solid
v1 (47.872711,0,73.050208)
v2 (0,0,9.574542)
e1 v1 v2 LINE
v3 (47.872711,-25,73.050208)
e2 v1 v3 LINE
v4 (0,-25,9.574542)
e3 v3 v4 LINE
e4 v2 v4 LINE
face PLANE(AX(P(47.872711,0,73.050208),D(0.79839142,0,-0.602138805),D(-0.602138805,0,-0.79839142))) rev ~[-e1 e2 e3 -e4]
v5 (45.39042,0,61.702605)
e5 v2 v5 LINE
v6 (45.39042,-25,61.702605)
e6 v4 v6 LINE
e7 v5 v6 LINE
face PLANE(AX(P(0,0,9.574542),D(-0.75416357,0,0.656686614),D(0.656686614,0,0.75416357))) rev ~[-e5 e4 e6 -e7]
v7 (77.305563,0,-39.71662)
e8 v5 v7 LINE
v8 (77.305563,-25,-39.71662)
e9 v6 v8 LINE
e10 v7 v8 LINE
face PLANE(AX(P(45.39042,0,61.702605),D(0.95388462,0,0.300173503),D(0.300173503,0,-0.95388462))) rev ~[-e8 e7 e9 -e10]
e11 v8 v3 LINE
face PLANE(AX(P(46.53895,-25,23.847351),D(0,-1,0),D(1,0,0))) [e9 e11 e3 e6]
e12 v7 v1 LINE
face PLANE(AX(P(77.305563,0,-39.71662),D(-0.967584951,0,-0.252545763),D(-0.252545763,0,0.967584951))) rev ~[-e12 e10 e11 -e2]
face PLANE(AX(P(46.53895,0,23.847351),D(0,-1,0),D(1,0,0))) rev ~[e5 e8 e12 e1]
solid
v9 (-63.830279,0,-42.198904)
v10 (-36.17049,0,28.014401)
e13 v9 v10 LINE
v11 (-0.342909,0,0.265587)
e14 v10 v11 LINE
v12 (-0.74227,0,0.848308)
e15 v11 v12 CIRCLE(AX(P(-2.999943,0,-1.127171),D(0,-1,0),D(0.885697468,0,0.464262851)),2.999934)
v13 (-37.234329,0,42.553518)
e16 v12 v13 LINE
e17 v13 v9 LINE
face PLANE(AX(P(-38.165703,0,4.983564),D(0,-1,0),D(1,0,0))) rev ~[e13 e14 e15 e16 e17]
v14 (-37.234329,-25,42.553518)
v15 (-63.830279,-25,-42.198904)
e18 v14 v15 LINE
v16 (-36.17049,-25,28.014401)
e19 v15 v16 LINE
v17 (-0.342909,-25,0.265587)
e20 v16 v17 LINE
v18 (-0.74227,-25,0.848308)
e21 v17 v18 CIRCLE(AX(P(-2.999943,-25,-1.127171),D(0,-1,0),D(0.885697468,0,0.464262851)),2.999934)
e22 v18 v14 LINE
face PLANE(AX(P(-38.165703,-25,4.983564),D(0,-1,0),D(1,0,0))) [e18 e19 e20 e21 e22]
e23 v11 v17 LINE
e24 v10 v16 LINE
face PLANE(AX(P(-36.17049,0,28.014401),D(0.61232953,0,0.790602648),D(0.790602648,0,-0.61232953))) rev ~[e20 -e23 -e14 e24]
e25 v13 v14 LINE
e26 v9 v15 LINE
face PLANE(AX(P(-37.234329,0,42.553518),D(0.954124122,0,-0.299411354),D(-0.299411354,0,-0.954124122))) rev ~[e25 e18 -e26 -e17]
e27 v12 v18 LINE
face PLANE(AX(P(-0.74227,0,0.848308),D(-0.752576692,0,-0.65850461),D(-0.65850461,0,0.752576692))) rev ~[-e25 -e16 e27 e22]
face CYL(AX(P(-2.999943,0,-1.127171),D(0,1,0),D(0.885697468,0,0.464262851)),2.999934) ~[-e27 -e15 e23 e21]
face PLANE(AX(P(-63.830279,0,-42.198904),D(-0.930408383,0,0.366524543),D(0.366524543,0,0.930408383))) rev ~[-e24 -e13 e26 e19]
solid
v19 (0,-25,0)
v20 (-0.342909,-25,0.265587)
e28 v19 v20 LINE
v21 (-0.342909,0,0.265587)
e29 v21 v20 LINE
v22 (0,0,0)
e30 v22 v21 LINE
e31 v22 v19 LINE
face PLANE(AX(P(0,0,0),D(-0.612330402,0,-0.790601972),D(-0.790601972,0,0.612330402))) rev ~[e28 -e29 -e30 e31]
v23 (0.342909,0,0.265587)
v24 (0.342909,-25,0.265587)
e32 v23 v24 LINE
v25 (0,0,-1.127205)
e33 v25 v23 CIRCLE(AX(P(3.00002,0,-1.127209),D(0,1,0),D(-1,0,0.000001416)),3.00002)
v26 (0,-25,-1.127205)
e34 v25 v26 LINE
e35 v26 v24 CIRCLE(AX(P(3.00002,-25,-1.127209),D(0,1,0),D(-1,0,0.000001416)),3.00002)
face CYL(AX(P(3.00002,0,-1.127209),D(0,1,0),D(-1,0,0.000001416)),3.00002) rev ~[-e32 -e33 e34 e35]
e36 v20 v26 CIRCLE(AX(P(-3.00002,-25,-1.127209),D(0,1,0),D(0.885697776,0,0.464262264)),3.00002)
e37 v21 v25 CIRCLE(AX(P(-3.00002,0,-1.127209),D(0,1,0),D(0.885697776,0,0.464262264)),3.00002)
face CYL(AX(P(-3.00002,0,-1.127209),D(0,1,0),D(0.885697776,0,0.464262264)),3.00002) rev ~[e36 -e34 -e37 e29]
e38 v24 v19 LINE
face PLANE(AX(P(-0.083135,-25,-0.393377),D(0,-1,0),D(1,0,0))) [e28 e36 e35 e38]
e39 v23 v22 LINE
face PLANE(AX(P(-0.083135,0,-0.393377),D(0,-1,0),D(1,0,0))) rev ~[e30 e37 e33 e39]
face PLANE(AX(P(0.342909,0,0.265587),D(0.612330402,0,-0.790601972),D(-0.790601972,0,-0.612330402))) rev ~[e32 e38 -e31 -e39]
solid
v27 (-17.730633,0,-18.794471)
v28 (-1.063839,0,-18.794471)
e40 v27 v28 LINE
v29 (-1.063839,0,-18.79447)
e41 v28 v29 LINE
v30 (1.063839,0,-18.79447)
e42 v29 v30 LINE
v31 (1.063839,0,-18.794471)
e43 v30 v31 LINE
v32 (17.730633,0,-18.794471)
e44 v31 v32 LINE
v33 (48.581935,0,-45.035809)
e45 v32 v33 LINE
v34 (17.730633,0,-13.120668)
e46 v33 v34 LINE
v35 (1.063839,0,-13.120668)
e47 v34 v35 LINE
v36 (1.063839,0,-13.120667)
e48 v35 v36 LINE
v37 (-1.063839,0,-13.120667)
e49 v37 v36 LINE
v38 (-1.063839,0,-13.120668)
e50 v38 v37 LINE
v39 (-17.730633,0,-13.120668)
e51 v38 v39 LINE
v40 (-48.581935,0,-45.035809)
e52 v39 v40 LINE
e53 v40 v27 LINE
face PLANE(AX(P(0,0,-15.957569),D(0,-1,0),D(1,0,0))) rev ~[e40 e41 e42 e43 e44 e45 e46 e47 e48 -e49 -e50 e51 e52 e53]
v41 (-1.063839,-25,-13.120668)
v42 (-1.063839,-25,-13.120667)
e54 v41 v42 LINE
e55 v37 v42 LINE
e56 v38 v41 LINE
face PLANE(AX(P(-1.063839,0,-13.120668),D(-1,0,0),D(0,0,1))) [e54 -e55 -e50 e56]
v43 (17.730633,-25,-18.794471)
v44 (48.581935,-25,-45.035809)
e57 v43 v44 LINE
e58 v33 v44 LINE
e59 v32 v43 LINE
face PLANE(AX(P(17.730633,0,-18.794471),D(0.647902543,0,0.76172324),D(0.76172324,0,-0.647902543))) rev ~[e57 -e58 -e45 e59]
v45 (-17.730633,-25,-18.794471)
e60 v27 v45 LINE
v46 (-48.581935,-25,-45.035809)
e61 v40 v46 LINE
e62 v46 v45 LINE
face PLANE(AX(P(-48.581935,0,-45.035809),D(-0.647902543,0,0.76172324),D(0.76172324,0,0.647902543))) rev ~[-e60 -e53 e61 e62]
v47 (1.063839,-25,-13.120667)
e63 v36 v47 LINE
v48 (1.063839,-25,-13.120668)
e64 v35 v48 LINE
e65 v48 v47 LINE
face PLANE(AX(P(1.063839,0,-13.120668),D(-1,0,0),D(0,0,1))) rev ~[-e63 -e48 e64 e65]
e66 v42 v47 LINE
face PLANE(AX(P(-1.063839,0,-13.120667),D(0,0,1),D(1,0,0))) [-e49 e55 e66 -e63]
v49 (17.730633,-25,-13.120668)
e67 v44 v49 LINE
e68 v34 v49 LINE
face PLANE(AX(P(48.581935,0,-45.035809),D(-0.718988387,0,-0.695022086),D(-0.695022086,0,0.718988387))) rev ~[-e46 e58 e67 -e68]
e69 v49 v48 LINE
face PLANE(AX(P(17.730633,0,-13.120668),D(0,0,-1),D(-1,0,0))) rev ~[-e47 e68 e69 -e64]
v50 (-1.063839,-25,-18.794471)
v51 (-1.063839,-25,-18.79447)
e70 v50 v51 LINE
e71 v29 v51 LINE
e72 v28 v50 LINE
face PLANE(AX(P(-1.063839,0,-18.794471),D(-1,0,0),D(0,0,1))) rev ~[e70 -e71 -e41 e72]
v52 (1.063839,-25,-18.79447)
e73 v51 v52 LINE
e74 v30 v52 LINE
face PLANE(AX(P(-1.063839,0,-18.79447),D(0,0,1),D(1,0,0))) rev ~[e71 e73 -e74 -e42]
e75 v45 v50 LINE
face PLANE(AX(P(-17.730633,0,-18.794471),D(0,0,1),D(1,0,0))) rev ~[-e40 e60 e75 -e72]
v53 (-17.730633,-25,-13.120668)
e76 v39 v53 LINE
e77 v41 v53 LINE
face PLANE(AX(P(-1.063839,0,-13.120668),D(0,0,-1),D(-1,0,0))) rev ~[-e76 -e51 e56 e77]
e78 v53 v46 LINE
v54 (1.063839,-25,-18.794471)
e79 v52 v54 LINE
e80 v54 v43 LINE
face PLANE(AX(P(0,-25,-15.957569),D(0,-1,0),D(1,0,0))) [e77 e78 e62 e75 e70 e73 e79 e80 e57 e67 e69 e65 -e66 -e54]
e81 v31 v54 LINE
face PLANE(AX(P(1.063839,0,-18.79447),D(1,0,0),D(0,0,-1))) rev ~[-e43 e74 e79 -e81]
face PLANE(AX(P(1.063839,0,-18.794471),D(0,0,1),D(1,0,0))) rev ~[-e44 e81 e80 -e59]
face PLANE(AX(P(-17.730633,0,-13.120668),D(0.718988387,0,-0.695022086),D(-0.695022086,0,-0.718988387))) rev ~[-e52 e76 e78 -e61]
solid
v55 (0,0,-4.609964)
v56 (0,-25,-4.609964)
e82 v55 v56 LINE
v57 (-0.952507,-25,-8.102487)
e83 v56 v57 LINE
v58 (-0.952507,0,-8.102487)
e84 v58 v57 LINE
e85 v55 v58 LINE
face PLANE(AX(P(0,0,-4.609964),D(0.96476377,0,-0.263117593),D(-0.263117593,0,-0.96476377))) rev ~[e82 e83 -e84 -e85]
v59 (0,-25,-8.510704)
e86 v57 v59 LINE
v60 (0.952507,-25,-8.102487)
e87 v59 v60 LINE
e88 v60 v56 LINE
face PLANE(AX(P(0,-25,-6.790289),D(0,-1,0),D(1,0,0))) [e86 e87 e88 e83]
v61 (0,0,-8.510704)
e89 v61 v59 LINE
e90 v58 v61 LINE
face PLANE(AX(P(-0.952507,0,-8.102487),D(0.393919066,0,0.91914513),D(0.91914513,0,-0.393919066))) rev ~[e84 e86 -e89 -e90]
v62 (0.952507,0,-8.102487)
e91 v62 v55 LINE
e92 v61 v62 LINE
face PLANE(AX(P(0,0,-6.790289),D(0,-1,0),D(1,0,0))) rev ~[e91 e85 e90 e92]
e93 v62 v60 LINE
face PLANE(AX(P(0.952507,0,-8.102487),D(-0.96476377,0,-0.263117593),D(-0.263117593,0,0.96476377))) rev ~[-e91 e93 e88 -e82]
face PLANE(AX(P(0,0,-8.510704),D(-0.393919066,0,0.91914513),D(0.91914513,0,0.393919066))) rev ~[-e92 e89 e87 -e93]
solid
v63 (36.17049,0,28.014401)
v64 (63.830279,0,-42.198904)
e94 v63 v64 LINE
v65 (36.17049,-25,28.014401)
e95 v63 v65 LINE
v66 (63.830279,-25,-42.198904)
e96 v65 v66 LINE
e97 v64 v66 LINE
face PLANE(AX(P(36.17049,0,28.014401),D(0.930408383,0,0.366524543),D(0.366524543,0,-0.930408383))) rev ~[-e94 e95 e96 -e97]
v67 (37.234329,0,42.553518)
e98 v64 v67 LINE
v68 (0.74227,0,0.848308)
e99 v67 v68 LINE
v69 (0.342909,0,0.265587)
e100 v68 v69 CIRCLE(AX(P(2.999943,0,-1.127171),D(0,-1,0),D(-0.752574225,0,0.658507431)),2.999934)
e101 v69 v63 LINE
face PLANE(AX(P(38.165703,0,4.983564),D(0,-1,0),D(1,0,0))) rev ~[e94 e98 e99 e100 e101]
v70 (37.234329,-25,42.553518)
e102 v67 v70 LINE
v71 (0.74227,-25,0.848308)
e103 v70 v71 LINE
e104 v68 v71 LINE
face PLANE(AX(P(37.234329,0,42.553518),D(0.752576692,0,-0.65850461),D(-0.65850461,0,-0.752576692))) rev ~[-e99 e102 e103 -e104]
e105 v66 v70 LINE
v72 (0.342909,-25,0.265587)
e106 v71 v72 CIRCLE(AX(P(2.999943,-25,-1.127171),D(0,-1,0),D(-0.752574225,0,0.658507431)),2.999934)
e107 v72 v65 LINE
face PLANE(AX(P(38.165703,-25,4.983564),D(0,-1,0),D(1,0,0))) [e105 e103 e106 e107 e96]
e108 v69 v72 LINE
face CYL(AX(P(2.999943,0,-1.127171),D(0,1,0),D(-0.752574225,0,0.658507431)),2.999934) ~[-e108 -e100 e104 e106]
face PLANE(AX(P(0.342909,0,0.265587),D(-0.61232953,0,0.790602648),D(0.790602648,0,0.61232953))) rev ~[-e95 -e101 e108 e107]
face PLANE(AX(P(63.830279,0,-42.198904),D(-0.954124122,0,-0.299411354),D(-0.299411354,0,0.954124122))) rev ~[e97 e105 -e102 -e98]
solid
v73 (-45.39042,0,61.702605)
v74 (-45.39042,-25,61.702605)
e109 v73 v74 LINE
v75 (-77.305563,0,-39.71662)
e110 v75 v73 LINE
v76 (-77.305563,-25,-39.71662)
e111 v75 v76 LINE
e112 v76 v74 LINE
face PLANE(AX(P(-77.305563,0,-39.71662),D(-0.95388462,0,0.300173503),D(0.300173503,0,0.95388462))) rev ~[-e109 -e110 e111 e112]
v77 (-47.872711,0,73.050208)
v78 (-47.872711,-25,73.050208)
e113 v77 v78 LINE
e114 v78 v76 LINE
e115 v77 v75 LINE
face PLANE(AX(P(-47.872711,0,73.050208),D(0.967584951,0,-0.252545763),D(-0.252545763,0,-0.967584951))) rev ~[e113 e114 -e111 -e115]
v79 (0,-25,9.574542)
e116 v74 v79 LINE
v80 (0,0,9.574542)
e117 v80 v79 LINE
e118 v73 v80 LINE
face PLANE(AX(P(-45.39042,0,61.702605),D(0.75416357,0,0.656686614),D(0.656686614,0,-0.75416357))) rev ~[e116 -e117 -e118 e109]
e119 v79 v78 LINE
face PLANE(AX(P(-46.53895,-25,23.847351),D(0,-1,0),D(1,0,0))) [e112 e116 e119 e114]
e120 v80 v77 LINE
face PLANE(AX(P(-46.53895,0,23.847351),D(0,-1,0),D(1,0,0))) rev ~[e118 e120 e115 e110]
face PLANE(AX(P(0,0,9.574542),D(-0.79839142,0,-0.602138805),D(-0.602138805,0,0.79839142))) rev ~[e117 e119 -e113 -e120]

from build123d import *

# Parameters (mm, degrees)
F0_W     = 2.127678
F0_H     = 5.673803
F1_DEPTH = 25


with BuildPart() as f1:
    # F0 (on Front) → F1 (new body)
    with BuildSketch(Plane.XZ):
        with BuildLine():
            ThreePointArc((-0.342909, 0.265587), (-0.525377, 0.568744), (-0.74227, 0.848308))
            Line((-0.74227, 0.848308), (-37.234329, 42.553518))
            Line((-37.234329, 42.553518), (-63.830279, -42.198904))
            Line((-63.830279, -42.198904), (-36.17049, 28.014401))
            Line((-36.17049, 28.014401), (-0.342909, 0.265587))
        make_face()
        with BuildLine():
            ThreePointArc((0.74227, 0.848308), (0.525377, 0.568744), (0.342909, 0.265587))
            Line((0.342909, 0.265587), (36.17049, 28.014401))
            Line((36.17049, 28.014401), (63.830279, -42.198904))
            Line((63.830279, -42.198904), (37.234329, 42.553518))
            Line((37.234329, 42.553518), (0.74227, 0.848308))
        make_face()
        with BuildLine():
            Line((0, 0), (-0.342909, 0.265587))
            ThreePointArc((-0.342909, 0.265587), (-0.086989, -0.410013), (0, -1.127205))
            Line((0, -1.127205), (0, 0))
        make_face()
        with BuildLine():
            Line((0.342909, 0.265587), (0, 0))
            Line((0, 0), (0, -1.127205))
            ThreePointArc((0, -1.127205), (0.086989, -0.410013), (0.342909, 0.265587))
        make_face()
        Polygon((0, -4.609964), (-0.952507, -8.102487), (0, -8.510704), (0.952507, -8.102487), align=None)
        with Locations((0, -15.957569)):
            Rectangle(F0_W, F0_H)
        Polygon((17.730633, -13.120668), (1.063839, -13.120668), (1.063839, -18.794471), (17.730633, -18.794471), (48.581935, -45.035809), align=None)
        Polygon((-1.063839, -18.794471), (-1.063839, -13.120668), (-17.730633, -13.120668), (-48.581935, -45.035809), (-17.730633, -18.794471), align=None)
        Polygon((-45.39042, 61.702605), (0, 9.574542), (-47.872711, 73.050208), (-77.305563, -39.71662), align=None)
        Polygon((47.872711, 73.050208), (0, 9.574542), (45.39042, 61.702605), (77.305563, -39.71662), align=None)
    extrude(amount=F1_DEPTH)


solid = f1.part
